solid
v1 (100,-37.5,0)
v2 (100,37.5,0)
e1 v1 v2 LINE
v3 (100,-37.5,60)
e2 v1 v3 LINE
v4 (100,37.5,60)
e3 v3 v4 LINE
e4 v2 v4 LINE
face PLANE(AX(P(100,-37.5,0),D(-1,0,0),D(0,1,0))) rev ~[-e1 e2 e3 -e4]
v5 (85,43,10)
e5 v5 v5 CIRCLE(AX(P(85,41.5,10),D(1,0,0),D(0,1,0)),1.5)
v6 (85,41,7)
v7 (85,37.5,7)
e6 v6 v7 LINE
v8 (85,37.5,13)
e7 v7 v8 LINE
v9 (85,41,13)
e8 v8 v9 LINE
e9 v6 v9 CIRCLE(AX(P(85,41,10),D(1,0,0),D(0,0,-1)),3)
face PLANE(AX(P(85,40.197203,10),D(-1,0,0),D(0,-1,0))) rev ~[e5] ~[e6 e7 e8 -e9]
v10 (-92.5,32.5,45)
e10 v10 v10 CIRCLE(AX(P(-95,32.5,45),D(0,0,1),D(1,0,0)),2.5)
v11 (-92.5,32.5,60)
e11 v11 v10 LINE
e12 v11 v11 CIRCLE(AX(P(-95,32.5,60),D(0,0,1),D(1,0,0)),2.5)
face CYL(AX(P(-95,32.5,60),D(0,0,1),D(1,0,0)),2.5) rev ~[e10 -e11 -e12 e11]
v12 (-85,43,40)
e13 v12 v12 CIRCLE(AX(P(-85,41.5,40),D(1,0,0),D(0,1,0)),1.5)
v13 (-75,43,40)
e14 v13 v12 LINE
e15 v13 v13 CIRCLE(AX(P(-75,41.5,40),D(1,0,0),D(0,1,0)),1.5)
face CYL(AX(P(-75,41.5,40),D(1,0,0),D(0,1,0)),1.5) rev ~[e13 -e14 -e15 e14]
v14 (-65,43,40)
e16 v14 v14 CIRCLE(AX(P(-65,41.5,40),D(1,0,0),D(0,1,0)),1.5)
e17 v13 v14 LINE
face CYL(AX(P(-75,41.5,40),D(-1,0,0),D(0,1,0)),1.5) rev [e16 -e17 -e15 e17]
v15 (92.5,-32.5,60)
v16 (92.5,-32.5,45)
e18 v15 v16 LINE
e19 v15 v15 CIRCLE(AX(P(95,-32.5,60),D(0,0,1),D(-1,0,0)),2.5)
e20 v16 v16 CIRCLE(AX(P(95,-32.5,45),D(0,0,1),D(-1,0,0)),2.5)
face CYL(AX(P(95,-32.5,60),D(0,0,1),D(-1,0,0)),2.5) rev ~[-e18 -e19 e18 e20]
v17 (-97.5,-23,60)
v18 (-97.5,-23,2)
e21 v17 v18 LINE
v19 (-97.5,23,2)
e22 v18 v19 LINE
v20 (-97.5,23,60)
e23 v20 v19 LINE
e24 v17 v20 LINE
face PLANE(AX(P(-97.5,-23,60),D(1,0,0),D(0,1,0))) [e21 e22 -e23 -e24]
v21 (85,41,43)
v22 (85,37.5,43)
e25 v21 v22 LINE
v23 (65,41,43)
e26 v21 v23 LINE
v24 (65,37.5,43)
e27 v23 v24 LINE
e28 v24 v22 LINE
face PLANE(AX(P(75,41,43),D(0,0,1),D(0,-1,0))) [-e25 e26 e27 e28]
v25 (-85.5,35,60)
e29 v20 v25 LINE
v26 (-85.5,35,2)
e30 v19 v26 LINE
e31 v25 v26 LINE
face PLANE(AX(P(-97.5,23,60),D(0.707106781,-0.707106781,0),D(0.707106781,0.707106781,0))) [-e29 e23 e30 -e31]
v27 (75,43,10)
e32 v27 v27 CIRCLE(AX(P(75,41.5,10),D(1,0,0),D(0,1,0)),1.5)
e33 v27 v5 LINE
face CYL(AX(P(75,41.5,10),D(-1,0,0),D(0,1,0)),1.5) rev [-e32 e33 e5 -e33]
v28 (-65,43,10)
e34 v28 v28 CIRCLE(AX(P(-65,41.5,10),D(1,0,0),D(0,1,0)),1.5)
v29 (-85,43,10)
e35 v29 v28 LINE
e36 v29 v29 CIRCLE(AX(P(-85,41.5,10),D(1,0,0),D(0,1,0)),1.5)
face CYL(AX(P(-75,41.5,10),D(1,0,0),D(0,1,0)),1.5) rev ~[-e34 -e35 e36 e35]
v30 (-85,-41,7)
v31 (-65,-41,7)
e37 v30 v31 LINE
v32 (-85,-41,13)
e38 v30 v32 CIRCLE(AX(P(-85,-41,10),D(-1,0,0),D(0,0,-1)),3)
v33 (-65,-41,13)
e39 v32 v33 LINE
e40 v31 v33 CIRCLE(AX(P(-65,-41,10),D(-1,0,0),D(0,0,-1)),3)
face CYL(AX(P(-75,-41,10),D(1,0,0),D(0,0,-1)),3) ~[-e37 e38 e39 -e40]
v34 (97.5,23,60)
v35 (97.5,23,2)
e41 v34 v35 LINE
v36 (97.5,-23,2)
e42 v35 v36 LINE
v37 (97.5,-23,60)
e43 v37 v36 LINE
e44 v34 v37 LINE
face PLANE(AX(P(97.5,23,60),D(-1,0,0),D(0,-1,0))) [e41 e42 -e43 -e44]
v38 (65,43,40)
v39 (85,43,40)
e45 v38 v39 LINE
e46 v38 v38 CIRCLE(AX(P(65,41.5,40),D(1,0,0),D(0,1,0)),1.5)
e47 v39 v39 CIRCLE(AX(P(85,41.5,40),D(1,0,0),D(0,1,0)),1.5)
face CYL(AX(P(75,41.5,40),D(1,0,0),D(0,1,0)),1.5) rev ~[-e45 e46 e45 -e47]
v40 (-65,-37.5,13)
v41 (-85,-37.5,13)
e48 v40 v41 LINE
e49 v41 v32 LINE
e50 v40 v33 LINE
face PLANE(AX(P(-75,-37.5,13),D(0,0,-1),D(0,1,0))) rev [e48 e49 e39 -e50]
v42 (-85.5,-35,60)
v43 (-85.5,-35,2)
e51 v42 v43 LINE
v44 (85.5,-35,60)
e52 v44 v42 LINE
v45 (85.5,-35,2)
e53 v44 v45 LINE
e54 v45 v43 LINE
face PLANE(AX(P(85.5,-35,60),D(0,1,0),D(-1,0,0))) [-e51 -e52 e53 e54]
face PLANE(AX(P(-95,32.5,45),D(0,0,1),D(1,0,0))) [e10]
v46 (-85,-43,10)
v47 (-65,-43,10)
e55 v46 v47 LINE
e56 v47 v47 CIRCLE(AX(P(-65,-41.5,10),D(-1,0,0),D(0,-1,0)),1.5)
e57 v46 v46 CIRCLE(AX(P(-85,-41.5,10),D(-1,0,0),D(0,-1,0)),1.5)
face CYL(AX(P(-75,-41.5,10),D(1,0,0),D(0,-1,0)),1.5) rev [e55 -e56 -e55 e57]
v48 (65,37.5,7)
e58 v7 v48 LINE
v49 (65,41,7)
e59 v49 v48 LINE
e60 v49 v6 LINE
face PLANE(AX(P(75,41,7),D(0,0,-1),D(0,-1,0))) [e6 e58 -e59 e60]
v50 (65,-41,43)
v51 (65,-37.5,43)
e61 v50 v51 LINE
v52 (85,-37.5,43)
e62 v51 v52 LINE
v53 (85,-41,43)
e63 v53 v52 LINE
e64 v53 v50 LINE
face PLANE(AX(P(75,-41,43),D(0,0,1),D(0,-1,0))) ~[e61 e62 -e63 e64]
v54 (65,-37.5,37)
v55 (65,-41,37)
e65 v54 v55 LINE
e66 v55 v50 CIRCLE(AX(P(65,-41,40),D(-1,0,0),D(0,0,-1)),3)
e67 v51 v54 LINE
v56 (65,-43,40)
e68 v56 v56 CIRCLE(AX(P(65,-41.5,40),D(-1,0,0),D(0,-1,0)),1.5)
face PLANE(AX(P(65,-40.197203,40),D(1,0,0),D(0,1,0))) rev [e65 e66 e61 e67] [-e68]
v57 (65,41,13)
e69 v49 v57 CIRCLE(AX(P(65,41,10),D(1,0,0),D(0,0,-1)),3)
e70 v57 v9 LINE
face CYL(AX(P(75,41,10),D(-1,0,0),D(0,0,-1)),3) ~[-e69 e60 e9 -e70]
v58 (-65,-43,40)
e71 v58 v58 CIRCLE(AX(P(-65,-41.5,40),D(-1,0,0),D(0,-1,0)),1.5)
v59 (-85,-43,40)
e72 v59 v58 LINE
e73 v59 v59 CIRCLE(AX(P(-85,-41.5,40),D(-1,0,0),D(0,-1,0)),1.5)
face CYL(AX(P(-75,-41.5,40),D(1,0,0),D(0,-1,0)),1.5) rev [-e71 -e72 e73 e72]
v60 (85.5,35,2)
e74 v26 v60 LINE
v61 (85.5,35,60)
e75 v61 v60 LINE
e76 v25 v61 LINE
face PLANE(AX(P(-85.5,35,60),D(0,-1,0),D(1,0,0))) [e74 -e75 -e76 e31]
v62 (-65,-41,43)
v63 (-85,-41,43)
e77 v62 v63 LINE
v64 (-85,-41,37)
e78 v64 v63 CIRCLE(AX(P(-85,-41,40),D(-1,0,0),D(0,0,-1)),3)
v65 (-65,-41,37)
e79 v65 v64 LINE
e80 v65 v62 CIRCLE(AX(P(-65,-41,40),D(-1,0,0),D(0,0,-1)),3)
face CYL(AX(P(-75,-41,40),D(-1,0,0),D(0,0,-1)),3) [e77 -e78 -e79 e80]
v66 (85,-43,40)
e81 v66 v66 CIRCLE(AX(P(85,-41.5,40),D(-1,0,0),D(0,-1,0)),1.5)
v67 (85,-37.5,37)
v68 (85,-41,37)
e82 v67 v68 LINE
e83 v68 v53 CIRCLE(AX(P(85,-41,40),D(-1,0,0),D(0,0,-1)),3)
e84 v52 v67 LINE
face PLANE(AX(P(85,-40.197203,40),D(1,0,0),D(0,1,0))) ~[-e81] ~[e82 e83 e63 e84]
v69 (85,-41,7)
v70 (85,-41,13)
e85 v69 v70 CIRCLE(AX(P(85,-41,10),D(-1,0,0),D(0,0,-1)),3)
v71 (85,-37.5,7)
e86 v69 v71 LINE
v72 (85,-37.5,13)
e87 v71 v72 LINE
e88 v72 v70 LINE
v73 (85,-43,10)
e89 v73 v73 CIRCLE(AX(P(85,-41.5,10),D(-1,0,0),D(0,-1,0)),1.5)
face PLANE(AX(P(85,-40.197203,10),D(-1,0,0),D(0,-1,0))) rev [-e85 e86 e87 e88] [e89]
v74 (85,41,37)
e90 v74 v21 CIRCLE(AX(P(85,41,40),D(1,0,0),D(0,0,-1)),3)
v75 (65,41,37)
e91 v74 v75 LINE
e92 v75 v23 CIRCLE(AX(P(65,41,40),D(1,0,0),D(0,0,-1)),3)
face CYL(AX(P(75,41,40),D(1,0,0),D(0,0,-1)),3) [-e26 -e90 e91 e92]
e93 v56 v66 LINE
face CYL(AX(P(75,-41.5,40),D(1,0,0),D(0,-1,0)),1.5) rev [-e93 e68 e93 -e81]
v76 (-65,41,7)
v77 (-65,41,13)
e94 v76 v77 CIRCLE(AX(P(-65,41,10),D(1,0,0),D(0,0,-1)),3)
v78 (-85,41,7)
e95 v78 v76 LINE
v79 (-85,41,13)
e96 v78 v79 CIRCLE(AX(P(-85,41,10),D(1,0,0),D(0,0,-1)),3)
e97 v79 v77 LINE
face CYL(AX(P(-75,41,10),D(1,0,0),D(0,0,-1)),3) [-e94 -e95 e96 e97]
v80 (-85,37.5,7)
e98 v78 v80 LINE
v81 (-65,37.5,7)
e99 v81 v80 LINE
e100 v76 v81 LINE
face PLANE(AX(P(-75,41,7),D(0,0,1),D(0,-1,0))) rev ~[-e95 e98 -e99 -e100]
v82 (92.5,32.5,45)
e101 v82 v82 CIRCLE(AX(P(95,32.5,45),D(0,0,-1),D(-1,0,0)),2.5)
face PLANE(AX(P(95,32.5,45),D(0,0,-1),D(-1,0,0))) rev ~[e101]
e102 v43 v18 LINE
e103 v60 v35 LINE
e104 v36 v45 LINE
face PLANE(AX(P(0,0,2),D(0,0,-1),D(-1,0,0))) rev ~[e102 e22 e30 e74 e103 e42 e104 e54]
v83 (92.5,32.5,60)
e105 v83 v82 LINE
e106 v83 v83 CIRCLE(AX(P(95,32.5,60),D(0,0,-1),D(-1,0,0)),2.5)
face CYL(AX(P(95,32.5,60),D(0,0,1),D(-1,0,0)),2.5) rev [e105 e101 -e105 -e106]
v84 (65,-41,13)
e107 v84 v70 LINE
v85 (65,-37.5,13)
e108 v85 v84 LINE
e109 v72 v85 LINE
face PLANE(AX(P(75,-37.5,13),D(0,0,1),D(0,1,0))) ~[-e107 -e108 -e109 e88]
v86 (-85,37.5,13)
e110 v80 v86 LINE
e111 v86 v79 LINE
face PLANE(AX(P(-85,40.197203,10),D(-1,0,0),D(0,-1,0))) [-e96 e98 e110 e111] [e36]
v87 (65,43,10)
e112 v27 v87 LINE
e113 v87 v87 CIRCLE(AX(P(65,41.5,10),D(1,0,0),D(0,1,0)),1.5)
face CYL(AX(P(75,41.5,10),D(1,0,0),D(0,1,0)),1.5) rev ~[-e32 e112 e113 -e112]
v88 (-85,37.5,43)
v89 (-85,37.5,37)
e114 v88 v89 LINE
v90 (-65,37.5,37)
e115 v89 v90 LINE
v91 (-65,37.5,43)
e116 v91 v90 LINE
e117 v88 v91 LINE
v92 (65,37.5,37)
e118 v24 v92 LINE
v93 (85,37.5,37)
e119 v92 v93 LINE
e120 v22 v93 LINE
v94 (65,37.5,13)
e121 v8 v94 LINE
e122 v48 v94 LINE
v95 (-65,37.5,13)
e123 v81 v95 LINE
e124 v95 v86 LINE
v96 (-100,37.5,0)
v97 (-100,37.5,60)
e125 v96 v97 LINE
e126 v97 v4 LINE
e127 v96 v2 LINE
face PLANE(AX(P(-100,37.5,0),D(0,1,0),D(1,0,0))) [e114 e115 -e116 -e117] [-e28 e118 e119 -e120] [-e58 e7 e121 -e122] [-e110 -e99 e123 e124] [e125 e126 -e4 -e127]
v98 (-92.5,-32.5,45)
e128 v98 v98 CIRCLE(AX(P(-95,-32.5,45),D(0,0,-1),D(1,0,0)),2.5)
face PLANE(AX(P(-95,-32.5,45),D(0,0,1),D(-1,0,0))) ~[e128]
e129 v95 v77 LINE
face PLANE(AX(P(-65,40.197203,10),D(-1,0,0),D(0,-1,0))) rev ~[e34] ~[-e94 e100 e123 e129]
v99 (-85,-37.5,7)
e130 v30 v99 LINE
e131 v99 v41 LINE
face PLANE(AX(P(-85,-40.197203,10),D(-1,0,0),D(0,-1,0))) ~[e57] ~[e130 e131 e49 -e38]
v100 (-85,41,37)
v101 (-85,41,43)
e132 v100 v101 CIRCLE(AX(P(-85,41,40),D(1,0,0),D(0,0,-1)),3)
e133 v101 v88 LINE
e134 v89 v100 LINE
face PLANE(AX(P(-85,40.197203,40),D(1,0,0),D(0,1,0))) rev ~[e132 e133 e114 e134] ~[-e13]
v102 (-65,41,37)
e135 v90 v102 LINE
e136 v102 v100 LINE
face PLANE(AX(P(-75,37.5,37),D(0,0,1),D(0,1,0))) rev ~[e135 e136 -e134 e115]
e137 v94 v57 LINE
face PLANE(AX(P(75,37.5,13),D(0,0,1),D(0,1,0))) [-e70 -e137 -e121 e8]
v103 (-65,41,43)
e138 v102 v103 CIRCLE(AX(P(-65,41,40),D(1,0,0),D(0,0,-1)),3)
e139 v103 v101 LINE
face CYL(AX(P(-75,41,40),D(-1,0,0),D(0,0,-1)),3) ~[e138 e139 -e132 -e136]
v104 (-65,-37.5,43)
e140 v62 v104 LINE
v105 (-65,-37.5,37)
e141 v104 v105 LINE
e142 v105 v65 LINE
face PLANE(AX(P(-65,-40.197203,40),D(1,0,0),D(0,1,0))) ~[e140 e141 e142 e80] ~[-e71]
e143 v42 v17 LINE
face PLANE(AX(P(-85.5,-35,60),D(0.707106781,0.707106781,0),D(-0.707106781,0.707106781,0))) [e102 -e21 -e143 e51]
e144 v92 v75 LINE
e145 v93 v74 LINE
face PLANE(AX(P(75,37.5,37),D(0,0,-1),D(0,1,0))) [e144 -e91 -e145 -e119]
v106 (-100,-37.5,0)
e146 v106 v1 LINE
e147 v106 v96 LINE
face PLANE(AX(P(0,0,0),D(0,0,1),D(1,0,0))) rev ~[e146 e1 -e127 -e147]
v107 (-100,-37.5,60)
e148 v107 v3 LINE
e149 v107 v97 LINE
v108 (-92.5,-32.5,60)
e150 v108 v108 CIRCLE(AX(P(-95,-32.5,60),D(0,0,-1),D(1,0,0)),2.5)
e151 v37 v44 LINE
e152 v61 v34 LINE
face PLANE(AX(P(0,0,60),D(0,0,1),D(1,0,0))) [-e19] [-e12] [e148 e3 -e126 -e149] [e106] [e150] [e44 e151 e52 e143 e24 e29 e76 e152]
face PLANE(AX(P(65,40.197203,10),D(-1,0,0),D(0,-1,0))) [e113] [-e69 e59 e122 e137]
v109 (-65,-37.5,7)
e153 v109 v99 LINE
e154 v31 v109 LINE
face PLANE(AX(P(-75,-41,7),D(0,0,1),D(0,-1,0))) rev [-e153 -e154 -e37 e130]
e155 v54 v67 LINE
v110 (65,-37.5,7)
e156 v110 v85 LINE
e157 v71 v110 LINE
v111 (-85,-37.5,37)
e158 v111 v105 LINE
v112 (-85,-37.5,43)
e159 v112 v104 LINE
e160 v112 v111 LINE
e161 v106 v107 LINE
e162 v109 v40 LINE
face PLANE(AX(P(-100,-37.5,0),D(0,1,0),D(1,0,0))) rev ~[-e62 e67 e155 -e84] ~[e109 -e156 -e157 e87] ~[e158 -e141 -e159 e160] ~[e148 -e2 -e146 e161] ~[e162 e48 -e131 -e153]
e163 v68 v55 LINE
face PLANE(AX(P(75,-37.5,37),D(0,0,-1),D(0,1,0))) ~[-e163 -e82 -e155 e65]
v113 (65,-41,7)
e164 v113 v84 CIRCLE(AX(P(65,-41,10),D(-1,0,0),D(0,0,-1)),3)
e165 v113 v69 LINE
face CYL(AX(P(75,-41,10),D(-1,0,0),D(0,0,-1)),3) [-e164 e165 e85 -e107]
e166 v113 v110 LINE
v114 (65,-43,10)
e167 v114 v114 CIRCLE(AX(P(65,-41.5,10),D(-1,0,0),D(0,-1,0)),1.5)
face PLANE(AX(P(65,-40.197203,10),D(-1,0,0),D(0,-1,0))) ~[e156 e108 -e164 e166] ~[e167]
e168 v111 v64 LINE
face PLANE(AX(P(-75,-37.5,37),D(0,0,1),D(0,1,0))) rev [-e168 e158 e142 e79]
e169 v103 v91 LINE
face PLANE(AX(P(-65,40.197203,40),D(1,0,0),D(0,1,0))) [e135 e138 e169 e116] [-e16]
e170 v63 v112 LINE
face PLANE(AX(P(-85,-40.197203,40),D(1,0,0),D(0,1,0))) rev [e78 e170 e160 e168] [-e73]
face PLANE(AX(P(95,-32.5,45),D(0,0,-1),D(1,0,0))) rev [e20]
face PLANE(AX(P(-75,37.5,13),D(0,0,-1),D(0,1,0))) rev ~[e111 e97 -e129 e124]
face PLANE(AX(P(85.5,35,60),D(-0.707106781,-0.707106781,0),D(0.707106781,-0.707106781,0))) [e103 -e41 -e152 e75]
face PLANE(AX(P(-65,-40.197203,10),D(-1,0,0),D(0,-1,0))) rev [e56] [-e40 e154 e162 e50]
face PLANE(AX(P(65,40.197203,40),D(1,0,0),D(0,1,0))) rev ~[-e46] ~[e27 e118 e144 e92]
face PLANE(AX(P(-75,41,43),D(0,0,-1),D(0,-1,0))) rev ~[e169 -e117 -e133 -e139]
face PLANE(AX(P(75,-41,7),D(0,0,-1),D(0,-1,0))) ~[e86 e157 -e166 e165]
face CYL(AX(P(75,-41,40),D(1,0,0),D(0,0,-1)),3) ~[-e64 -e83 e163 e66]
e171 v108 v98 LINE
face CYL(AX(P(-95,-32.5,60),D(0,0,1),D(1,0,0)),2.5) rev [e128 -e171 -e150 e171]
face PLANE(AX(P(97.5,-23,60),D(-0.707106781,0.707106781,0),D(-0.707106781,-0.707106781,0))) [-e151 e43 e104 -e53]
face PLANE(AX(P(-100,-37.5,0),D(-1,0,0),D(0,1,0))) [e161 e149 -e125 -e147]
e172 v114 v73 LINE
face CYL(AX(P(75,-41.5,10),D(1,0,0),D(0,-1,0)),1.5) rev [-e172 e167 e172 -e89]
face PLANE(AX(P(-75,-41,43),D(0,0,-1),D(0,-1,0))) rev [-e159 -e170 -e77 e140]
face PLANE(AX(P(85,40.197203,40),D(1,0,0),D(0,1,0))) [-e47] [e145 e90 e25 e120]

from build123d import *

# Parameters (mm, degrees)
SKETCH_W                      = 200
SKETCH_H                      = 75
PAD_DEPTH                     = 60
POCKET_DEPTH                  = 58
SKETCH002_R                   = 2.5
POCKET001_DEPTH               = 15
SKETCH002_MIRRORED_2_R        = 2.5
POCKET001_MIRRORED_2_DEPTH    = 15
PAD001_DEPTH                  = 10
PAD001_MIRRORED002_2_DEPTH    = 10
SKETCH004_R                   = 1.5
POCKET002_DEPTH               = 10
SKETCH004_MIRRORED004_2_R     = 1.5
POCKET002_MIRRORED004_2_DEPTH = 10


with BuildPart() as part:
    # Sketch (on DatumPlane) → Pad (new body)
    with BuildSketch(Plane.XY):
        Rectangle(SKETCH_W, SKETCH_H)
    extrude(amount=PAD_DEPTH)

    # Sketch001 (on DatumPlane) → Pocket (cut)
    with BuildSketch(Plane.XY.offset(60)):
        Polygon((-97.5, -23), (-97.5, 23), (-85.5, 35), (85.5, 35), (97.5, 23), (97.5, -23), (85.5, -35), (-85.5, -35), align=None)
    extrude(amount=-POCKET_DEPTH, mode=Mode.SUBTRACT)

    # Sketch002 (on DatumPlane) → Pocket001 (cut)
    with BuildSketch(Plane.XY.offset(60)):
        with Locations((-95, 32.5)):
            Circle(SKETCH002_R)
    pocket001 = extrude(amount=-POCKET001_DEPTH, mode=Mode.SUBTRACT)

    # Sketch002 Mirrored 2 → Pocket001 Mirrored 2 (cut)
    with BuildSketch(Plane(origin=(0, 0, 60), x_dir=(-1, 0, 0), z_dir=(0, 0, -1))):
        with Locations((-95, 32.5)):
            Circle(SKETCH002_MIRRORED_2_R)
    pocket001_mirrored_2 = extrude(amount=POCKET001_MIRRORED_2_DEPTH, mode=Mode.SUBTRACT)

    # Mirrored001: Pocket001, Pocket001 Mirrored 2 across XZ
    add(pocket001.mirror(Plane.XZ), mode=Mode.SUBTRACT)
    add(pocket001_mirrored_2.mirror(Plane.XZ), mode=Mode.SUBTRACT)

    # Sketch003 (on DatumPlane) → Pad001 (join, symmetric)
    with BuildSketch(Plane.YZ.offset(-75)):
        with BuildLine():
            Line((41, 43), (37.5, 43))
            Line((37.5, 43), (37.5, 37))
            Line((37.5, 37), (41, 37))
            ThreePointArc((41, 37), (44, 40), (41, 43))
        make_face()
        with BuildLine():
            Line((41, 7), (37.5, 7))
            Line((37.5, 7), (37.5, 13))
            Line((37.5, 13), (41, 13))
            ThreePointArc((41, 7), (44, 10), (41, 13))
        make_face()
    pad001 = extrude(amount=PAD001_DEPTH, both=True)

    # Sketch003 Mirrored002 2 → Pad001 Mirrored002 2 (add, symmetric)
    with BuildSketch(Plane.YZ.offset(75)):
        with BuildLine():
            Line((41, 43), (37.5, 43))
            Line((37.5, 43), (37.5, 37))
            Line((37.5, 37), (41, 37))
            ThreePointArc((41, 37), (44, 40), (41, 43))
        make_face()
        with BuildLine():
            Line((41, 7), (37.5, 7))
            Line((37.5, 7), (37.5, 13))
            Line((37.5, 13), (41, 13))
            ThreePointArc((41, 7), (44, 10), (41, 13))
        make_face()
    pad001_mirrored002_2 = extrude(amount=-PAD001_MIRRORED002_2_DEPTH, both=True)

    # Mirrored003: Pad001, Pad001 Mirrored002 2 across XZ
    add(pad001.mirror(Plane.XZ))
    add(pad001_mirrored002_2.mirror(Plane.XZ))

    # Sketch004 (on DatumPlane) → Pocket002 (cut, symmetric)
    with BuildSketch(Plane.YZ.offset(-75)):
        with Locations((41.5, 40)):
            Circle(SKETCH004_R)
        with Locations((41.5, 10)):
            Circle(SKETCH004_R)
    pocket002 = extrude(amount=POCKET002_DEPTH, both=True, mode=Mode.SUBTRACT)

    # Sketch004 Mirrored004 2 → Pocket002 Mirrored004 2 (cut, symmetric)
    with BuildSketch(Plane.YZ.offset(75)):
        with Locations((41.5, 40)):
            Circle(SKETCH004_MIRRORED004_2_R)
        with Locations((41.5, 10)):
            Circle(SKETCH004_MIRRORED004_2_R)
    pocket002_mirrored004_2 = extrude(amount=-POCKET002_MIRRORED004_2_DEPTH, both=True, mode=Mode.SUBTRACT)

    # Mirrored005: Pocket002, Pocket002 Mirrored004 2 across XZ
    add(pocket002.mirror(Plane.XZ), mode=Mode.SUBTRACT)
    add(pocket002_mirrored004_2.mirror(Plane.XZ), mode=Mode.SUBTRACT)


solid = part.part
